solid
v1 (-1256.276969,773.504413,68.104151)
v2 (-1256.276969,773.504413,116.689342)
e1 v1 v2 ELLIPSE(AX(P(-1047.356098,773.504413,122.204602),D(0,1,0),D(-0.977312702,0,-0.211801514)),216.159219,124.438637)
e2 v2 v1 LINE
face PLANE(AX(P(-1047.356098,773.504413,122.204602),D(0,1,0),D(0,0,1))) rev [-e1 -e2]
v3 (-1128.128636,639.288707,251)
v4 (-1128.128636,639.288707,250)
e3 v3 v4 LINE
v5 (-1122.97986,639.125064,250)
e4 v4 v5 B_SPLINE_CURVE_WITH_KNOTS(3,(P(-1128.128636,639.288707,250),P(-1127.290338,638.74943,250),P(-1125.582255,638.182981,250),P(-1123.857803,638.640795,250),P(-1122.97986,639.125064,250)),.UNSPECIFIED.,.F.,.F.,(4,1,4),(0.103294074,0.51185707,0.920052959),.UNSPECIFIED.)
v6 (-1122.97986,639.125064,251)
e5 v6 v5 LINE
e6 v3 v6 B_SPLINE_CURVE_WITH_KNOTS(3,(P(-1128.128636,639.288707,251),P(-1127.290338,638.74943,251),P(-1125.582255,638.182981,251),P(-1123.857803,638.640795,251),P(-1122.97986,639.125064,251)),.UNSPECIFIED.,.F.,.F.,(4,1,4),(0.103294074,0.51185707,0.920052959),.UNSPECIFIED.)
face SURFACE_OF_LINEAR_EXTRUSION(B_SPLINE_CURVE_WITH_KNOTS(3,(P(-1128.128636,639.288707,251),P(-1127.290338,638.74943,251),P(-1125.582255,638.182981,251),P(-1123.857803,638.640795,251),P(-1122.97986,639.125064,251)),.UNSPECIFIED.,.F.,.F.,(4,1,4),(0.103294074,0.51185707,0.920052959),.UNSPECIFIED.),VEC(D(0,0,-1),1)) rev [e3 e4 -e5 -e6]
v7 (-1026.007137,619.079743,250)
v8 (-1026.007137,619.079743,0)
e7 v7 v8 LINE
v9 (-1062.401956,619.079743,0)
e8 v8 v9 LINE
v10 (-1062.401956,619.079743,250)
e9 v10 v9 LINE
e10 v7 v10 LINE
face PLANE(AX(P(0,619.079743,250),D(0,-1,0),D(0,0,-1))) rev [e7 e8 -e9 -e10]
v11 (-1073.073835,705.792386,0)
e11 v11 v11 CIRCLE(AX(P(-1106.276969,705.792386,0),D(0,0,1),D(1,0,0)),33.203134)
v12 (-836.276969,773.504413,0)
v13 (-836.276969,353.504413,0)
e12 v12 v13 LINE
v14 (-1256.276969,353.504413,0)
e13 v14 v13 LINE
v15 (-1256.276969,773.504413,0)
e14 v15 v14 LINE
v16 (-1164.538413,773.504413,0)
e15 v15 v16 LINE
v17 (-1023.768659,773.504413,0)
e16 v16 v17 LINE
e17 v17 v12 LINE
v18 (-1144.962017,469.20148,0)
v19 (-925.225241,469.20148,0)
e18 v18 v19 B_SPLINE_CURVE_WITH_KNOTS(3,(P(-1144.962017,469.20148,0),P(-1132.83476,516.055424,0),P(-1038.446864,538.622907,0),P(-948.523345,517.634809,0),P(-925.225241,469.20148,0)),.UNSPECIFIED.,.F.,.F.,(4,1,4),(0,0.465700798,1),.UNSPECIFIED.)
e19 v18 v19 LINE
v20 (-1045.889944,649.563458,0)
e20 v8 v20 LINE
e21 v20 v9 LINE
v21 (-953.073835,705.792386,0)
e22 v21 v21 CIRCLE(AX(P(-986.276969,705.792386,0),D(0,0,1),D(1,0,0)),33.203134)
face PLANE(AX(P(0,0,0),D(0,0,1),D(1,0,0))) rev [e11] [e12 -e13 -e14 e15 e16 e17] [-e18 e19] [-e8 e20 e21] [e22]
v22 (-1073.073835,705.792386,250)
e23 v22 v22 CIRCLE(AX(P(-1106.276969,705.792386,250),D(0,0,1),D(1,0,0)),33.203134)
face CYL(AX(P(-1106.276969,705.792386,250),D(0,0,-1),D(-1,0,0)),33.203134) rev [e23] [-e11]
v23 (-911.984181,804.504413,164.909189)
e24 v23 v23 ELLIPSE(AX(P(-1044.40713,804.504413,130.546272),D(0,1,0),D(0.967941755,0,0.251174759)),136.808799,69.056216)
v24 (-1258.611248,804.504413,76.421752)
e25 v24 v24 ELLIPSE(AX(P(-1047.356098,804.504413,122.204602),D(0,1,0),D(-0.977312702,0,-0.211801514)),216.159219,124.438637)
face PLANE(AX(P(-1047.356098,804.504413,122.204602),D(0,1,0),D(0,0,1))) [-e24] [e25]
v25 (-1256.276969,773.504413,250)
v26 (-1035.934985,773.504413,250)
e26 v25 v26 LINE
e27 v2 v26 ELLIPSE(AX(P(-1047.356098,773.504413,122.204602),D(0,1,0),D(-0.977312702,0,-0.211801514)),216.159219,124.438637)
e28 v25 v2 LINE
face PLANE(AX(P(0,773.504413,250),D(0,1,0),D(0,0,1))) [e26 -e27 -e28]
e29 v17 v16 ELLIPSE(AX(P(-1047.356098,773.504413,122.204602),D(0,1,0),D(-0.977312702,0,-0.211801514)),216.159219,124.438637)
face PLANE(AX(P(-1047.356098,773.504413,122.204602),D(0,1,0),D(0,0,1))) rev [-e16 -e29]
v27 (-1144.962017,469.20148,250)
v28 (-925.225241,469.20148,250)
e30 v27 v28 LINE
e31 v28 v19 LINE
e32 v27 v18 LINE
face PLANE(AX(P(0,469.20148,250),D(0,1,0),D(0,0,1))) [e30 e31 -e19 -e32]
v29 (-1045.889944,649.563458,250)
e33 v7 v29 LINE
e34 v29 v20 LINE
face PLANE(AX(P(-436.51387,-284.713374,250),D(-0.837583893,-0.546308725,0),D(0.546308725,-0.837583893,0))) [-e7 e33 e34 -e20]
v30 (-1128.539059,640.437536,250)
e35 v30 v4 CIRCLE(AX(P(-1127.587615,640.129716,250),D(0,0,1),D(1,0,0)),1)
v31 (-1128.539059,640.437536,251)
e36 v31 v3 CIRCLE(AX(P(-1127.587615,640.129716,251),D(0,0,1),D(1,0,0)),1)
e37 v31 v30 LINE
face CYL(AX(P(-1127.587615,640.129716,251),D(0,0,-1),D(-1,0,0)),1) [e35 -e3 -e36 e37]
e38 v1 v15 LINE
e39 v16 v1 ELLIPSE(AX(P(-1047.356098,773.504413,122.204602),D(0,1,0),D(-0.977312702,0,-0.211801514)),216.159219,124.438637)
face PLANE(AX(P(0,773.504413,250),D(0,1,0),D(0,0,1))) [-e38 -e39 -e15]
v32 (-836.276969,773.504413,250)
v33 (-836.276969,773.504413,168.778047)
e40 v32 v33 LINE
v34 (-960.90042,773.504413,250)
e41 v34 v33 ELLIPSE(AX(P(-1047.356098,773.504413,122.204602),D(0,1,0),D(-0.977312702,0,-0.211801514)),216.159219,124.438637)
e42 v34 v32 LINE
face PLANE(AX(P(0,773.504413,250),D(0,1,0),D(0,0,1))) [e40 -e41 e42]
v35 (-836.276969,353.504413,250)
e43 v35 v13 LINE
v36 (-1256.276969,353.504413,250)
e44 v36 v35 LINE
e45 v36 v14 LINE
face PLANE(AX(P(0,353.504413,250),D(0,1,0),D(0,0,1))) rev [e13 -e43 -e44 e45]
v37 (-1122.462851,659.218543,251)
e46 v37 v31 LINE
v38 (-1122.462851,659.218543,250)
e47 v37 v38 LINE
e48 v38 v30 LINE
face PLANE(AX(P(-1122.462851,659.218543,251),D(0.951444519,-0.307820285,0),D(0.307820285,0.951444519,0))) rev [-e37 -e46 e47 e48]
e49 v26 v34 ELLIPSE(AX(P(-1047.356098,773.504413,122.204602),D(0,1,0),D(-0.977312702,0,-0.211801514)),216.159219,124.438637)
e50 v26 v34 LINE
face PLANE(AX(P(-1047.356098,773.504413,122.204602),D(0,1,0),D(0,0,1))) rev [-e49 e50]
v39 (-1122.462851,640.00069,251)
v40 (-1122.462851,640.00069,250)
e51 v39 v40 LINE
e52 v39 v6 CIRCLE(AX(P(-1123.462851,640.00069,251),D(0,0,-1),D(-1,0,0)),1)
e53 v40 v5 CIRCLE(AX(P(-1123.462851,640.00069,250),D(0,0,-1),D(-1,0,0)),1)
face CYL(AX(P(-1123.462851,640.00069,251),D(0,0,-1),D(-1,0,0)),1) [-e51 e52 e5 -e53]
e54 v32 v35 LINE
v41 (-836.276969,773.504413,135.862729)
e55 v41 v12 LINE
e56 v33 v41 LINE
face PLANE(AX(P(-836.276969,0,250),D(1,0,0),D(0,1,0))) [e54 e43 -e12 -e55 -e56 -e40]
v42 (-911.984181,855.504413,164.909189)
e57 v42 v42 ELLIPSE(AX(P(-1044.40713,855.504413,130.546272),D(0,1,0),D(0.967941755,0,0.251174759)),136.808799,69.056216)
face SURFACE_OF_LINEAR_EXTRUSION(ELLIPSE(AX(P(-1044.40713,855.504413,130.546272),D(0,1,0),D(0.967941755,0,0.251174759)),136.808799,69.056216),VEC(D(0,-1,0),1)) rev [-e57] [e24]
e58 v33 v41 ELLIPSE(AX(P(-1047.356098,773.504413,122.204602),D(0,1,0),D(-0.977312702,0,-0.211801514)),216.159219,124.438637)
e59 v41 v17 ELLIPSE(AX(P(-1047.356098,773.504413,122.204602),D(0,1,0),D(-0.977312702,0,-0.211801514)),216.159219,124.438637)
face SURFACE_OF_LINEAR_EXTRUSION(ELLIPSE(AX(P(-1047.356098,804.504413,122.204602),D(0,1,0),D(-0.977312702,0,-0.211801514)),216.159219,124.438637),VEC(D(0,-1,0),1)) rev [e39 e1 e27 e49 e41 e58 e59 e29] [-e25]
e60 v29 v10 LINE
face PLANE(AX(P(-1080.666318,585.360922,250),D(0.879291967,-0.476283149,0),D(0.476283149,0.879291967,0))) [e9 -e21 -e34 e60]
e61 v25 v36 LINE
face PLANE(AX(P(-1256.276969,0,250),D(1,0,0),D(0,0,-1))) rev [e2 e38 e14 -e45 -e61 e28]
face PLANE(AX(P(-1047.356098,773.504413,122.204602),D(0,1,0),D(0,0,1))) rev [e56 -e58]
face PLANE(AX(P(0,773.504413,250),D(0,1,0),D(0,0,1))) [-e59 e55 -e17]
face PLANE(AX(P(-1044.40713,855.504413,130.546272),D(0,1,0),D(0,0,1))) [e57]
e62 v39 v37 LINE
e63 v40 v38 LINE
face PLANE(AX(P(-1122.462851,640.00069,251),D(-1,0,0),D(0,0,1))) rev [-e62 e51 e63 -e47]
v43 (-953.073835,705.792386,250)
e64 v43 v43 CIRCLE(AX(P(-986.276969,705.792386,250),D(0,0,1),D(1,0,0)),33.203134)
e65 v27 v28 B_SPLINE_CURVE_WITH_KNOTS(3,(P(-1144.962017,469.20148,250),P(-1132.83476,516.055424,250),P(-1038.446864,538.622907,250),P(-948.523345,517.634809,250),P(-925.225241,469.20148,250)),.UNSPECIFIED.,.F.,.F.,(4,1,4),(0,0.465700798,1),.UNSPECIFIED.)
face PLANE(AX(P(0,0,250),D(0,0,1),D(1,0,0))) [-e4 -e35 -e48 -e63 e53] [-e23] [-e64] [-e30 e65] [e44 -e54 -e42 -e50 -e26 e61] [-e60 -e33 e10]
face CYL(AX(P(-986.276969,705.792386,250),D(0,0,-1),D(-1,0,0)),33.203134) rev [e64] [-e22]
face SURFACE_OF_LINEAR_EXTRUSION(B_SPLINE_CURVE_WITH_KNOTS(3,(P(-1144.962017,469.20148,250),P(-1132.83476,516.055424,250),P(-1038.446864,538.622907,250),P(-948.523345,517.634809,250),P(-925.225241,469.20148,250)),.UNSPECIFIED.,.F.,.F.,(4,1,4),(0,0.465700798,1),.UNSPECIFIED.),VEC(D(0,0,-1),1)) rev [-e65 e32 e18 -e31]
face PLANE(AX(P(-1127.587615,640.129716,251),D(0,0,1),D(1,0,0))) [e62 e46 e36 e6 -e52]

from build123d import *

# Parameters (mm, degrees)
SKETCH1_W           = 420
SKETCH1_H           = 420
SKETCH1_R           = 33.203133877
BOSS_EXTRUDE2_DEPTH = 250
BOSS_EXTRUDE3_DEPTH = 1
SKETCH4_RX          = 216.159218744
SKETCH4_RY          = 124.438636569
BOSS_EXTRUDE4_DEPTH = 31
SKETCH5_RX          = 136.808799133
SKETCH5_RY          = 69.0562156
BOSS_EXTRUDE5_DEPTH = 51


with BuildPart() as part:
    # Sketch1 → Boss-Extrude2 (new body)
    with BuildSketch(Plane.XY):
        with Locations((-1046.276969261, 563.504412843)):
            Rectangle(SKETCH1_W, SKETCH1_H)
        with Locations((-986.276969261, 705.792386227)):
            Circle(SKETCH1_R, mode=Mode.SUBTRACT)
        with Locations((-1106.276969261, 705.792386227)):
            Circle(SKETCH1_R, mode=Mode.SUBTRACT)
        Polygon((-1026.007137098, 619.07974314), (-1045.889944458, 649.563457617), (-1062.401956466, 619.07974314), align=None, mode=Mode.SUBTRACT)
        with BuildLine():
            Line((-1144.96201651, 469.201480292), (-925.225241317, 469.201480292))
            add(Edge.make_bspline(
                [(-1144.96201651, 469.201480292), (-1132.834759851, 516.055423689), (-1038.44686365, 538.622906956), (-948.523344563, 517.634809157), (-925.225241317, 469.201480292)],
                knots=[0, 0, 0, 0, 0.465700798, 1, 1, 1, 1], degree=3))
        make_face(mode=Mode.SUBTRACT)
    extrude(amount=BOSS_EXTRUDE2_DEPTH)

    # Sketch2 → Boss-Extrude3 (add)
    with BuildSketch(Plane.XY.offset(250)):
        with BuildLine():
            Line((-1122.462851099, 659.218542915), (-1128.539059101, 640.437536361))
            ThreePointArc((-1128.539059101, 640.437536361), (-1128.529323469, 639.793287222), (-1128.128635759, 639.288707105))
            add(Edge.make_bspline(
                [(-1128.128635759, 639.288707105), (-1127.290338361, 638.749430284), (-1125.582255263, 638.18298139), (-1123.857803216, 638.640795026), (-1122.979860291, 639.125064157)],
                knots=[0.103294074, 0.103294074, 0.103294074, 0.103294074, 0.51185707, 0.920052959, 0.920052959, 0.920052959, 0.920052959], degree=3))
            ThreePointArc((-1122.979860291, 639.125064157), (-1122.601749825, 639.492256106), (-1122.462851099, 640.000689579))
            Line((-1122.462851099, 640.000689579), (-1122.462851099, 659.218542915))
        make_face()
    extrude(amount=BOSS_EXTRUDE3_DEPTH)

    # Sketch4 → Boss-Extrude4 (add)
    with BuildSketch(Plane(origin=(0, 773.504412843, 0), x_dir=(1, 0, 0), z_dir=(0, 1, 0))):
        with Locations(Location((-1047.356098163, -122.204602032), (0, 0, 167.772053481))):
            Ellipse(SKETCH4_RX, SKETCH4_RY)
    extrude(amount=BOSS_EXTRUDE4_DEPTH)

    # Sketch5 → Boss-Extrude5 (add)
    with BuildSketch(Plane(origin=(0, 804.504412843, 0), x_dir=(1, 0, 0), z_dir=(0, 1, 0))):
        with Locations(Location((-1044.407129707, -130.546272111), (0, 0, -14.547039262))):
            Ellipse(SKETCH5_RX, SKETCH5_RY)
    extrude(amount=BOSS_EXTRUDE5_DEPTH)


solid = part.part
